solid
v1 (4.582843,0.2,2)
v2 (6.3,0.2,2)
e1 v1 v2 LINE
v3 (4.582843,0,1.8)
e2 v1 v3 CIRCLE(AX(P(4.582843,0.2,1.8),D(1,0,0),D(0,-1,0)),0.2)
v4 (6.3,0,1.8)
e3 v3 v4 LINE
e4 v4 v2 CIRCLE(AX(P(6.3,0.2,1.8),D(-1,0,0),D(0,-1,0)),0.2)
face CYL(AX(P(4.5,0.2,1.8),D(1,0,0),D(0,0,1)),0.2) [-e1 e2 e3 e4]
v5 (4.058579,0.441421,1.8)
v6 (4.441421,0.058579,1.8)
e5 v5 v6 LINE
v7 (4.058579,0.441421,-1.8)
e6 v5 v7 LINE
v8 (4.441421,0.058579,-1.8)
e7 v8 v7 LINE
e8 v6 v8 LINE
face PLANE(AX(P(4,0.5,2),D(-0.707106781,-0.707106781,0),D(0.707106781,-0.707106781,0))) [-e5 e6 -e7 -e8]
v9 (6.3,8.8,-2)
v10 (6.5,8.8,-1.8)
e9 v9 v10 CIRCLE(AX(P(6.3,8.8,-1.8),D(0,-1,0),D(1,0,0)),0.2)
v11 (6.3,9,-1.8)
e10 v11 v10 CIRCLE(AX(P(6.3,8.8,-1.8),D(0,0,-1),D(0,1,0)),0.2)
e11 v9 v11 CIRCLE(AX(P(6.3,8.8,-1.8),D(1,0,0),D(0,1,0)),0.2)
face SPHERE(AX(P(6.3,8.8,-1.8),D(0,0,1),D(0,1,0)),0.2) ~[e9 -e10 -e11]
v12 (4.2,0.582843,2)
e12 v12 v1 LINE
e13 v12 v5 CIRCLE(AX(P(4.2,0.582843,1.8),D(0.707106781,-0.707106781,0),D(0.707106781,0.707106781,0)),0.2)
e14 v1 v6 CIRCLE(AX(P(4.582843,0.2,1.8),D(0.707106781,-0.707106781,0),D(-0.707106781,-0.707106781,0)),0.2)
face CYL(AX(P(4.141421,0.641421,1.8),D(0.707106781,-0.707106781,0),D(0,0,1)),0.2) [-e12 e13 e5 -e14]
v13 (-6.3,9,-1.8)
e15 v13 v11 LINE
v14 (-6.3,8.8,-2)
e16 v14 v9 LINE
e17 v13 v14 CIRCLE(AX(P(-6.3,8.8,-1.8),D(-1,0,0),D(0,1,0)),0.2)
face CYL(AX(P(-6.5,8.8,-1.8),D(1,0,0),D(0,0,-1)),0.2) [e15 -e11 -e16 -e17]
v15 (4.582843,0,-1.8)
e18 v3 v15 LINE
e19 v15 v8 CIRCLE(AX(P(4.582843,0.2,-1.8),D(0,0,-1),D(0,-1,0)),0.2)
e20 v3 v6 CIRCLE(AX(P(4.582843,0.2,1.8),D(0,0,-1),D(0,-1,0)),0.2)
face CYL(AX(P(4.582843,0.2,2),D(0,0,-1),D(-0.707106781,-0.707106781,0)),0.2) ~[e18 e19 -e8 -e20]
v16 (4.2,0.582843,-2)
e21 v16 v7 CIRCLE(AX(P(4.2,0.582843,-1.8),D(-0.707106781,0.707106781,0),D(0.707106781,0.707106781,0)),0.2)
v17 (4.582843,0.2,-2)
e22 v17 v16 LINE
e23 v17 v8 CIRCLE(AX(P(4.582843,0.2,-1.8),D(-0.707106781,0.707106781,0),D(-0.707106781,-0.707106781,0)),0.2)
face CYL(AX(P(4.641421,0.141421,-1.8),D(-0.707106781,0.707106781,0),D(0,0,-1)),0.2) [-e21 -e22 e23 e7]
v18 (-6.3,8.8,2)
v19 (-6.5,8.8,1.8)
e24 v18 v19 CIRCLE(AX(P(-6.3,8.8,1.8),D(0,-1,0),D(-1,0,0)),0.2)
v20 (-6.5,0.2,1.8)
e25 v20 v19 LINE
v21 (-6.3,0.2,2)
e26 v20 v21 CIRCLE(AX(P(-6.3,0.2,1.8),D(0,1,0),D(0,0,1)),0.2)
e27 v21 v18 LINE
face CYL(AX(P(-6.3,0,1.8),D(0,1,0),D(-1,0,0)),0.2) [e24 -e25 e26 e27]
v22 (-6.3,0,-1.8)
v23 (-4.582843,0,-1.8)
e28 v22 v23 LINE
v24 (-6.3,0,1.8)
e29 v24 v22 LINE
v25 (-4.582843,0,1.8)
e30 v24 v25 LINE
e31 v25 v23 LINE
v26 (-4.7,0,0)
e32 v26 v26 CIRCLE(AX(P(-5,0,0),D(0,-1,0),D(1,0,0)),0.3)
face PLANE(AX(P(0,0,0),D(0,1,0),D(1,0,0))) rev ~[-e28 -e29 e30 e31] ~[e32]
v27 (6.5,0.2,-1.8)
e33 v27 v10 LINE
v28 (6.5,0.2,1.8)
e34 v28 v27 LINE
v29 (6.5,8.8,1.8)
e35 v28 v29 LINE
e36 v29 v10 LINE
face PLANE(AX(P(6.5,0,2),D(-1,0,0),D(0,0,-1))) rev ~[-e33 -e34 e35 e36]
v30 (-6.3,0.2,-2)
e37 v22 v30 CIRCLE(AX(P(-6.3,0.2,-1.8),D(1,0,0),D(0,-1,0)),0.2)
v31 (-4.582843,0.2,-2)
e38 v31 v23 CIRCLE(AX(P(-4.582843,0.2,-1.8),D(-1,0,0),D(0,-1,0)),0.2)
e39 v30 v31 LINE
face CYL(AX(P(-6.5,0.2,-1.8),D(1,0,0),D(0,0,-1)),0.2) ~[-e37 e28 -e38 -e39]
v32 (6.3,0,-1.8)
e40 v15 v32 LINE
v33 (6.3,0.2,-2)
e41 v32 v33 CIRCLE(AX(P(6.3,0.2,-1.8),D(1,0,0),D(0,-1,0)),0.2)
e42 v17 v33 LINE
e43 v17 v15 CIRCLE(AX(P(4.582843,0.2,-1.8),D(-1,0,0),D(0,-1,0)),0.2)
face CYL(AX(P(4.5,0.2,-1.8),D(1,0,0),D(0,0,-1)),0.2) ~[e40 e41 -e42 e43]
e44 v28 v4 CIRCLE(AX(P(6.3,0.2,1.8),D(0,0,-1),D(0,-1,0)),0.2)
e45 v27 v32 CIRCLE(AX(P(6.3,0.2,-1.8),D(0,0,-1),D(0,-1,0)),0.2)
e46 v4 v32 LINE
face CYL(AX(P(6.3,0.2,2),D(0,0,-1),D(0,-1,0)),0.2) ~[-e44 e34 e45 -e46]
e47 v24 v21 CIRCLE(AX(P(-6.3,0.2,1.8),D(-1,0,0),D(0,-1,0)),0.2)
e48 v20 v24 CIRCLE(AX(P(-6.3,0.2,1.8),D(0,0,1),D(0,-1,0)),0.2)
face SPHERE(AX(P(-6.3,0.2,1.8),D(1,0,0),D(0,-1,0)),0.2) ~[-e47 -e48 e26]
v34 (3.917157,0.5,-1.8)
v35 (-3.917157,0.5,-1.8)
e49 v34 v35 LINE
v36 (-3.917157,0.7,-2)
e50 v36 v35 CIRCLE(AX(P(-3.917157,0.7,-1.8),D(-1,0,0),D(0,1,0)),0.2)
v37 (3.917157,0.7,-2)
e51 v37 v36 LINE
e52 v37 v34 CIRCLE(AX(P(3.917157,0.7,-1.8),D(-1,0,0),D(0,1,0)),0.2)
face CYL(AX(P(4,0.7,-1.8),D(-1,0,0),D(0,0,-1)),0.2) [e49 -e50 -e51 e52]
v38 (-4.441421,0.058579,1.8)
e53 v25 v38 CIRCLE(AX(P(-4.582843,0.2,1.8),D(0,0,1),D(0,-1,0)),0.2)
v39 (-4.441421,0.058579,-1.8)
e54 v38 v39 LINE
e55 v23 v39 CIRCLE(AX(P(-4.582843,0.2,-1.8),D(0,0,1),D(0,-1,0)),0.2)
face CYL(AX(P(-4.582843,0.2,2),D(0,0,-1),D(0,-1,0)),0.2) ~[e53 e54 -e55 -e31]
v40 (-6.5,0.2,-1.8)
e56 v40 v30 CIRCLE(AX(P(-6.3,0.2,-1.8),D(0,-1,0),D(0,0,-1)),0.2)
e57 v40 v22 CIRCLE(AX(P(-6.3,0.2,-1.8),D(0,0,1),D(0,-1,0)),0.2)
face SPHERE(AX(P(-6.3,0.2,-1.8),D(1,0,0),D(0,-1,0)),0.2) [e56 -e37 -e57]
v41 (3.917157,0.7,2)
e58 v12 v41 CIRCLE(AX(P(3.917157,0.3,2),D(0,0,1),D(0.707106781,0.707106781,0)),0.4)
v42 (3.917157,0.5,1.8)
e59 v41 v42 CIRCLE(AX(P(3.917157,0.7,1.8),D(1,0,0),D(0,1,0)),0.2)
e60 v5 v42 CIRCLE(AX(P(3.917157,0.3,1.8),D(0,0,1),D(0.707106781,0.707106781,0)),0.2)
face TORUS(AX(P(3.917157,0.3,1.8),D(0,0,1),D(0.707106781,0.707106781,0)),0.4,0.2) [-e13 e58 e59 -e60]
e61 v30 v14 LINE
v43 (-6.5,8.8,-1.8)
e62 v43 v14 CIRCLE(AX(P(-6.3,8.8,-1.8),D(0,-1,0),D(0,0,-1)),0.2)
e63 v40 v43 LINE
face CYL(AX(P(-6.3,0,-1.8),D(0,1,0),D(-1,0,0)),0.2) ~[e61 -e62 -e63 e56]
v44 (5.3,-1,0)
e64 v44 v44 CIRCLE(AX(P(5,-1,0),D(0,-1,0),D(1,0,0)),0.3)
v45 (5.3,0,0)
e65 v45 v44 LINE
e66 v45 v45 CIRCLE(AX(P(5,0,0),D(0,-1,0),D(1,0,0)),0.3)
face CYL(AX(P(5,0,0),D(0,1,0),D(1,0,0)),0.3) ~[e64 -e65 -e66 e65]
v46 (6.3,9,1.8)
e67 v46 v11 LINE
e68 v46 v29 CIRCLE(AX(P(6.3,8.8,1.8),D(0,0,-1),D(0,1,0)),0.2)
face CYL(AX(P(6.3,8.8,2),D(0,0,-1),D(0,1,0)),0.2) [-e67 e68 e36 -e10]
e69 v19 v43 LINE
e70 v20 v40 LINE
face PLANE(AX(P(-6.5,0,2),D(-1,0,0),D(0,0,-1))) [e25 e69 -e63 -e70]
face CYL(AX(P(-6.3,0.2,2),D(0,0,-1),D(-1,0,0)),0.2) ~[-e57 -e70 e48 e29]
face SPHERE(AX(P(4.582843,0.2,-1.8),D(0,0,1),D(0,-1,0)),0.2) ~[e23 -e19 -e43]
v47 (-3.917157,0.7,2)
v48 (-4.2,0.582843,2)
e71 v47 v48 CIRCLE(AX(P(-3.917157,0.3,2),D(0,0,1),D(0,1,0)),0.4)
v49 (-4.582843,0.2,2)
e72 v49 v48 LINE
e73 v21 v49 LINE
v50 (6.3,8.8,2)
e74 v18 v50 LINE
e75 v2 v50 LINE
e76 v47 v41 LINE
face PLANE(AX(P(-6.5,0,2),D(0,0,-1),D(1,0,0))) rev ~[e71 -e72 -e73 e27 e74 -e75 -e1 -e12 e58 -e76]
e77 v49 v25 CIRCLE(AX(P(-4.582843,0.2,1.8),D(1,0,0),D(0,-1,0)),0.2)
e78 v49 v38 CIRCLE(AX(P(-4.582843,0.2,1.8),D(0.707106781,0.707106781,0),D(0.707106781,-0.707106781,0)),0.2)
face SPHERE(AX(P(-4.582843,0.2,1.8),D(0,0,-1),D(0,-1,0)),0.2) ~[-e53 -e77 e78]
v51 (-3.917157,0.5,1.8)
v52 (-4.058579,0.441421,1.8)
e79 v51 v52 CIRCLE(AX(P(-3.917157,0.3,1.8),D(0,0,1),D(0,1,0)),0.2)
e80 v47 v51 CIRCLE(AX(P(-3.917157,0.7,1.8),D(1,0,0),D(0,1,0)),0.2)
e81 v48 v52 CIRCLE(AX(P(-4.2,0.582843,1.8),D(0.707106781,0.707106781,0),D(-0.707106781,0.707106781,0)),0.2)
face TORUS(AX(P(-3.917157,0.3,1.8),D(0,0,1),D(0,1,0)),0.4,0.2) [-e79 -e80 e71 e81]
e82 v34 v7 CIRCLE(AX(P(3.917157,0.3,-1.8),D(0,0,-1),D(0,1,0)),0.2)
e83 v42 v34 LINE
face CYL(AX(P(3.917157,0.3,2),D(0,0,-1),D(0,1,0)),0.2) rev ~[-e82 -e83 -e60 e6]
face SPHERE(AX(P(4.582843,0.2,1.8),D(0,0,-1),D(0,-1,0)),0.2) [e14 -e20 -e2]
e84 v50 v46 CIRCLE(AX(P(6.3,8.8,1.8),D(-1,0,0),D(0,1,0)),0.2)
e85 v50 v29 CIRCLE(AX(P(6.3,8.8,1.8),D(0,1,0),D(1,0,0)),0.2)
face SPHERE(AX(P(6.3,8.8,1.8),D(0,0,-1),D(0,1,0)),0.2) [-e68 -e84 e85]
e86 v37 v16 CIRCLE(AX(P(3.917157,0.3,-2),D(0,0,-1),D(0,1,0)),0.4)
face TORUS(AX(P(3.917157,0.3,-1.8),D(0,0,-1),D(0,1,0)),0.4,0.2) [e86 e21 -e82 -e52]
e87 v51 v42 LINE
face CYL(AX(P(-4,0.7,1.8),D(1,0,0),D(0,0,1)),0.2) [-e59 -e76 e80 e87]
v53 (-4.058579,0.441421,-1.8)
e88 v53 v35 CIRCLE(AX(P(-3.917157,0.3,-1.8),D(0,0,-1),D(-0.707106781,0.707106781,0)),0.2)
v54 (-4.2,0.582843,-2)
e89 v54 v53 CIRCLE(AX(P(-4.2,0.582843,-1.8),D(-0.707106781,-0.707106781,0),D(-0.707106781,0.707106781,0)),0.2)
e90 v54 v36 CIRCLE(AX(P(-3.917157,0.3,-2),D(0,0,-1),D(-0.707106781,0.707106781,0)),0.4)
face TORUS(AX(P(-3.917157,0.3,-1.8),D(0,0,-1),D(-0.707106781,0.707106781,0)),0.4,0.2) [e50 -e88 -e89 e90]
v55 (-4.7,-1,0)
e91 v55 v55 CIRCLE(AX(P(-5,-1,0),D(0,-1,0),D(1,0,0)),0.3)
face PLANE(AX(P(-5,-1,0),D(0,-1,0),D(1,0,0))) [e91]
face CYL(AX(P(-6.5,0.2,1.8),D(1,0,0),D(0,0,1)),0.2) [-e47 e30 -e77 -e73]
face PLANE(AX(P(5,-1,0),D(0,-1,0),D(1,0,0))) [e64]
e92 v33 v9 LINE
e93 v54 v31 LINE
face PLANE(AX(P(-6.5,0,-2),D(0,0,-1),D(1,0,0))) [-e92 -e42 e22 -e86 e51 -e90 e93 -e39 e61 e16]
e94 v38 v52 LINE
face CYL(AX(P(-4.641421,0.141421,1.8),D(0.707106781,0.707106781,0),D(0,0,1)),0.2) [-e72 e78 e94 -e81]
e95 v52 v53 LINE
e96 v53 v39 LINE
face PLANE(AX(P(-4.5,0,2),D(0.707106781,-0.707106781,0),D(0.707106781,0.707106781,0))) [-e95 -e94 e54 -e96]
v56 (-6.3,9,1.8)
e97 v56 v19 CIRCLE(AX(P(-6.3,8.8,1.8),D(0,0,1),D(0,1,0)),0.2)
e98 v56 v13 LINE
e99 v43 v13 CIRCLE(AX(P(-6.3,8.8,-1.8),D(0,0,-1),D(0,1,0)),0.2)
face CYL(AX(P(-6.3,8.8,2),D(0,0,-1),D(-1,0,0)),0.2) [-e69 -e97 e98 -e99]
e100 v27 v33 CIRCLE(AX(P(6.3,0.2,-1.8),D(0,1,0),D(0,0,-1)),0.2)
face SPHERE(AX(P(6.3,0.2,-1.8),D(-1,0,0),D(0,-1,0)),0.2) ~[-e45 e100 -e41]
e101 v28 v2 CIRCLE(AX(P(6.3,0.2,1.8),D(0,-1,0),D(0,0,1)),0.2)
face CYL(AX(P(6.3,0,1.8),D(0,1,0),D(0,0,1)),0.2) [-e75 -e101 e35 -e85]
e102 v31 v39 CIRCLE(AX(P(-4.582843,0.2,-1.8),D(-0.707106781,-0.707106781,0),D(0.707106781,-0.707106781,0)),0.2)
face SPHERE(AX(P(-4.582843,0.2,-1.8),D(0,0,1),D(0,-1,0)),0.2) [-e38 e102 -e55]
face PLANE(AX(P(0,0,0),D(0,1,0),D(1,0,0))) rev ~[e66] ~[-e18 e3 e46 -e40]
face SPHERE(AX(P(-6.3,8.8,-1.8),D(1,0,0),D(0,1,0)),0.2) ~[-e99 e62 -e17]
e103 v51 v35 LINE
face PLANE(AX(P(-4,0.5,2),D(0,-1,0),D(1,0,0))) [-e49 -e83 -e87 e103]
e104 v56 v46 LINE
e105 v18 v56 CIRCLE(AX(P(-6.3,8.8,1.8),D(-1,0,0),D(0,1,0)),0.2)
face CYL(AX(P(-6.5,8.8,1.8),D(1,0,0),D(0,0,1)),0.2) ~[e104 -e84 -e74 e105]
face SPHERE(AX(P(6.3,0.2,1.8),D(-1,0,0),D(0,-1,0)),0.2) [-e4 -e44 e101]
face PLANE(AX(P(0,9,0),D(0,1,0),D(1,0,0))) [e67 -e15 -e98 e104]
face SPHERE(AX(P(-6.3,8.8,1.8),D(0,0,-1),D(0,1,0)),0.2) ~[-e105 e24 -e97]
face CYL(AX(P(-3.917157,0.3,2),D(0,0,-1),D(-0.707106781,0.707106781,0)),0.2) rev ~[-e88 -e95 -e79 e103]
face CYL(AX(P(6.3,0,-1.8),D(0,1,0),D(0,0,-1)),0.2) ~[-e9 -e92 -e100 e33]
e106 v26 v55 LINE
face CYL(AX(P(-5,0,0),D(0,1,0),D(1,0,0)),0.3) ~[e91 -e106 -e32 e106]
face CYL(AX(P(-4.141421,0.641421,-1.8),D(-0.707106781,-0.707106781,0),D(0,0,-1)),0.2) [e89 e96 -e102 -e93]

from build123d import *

# Parameters (mm, degrees)
SKETCH1_W           = 13
SKETCH1_H           = 4
BOSS_EXTRUDE1_DEPTH = 9
CUT_EXTRUDE1_DEPTH  = 5
SKETCH3_R           = 0.3
BOSS_EXTRUDE2_DEPTH = 1
FILLET1_R           = 0.2


with BuildPart() as part:
    # Sketch1 → Boss-Extrude1 (new body)
    with BuildSketch(Plane(origin=(0, 0, 0), x_dir=(1, 0, 0), z_dir=(0, 1, 0))):
        Rectangle(SKETCH1_W, SKETCH1_H)
    extrude(amount=BOSS_EXTRUDE1_DEPTH)

    # Sketch2 → Cut-Extrude1 (cut, through all)
    with BuildSketch(Plane.XY.offset(2)):
        Polygon((-4.5, 0), (-4, 0.5), (4, 0.5), (4.5, 0), (4.5, -1.5), (-4.5, -1.5), align=None)
    extrude(amount=-CUT_EXTRUDE1_DEPTH, mode=Mode.SUBTRACT)

    # Sketch3 → Boss-Extrude2 (add)
    with BuildSketch(Plane.XZ):
        with Locations((5, 0)):
            Circle(SKETCH3_R)
        with Locations((-5, 0)):
            Circle(SKETCH3_R)
    extrude(amount=BOSS_EXTRUDE2_DEPTH)

    # Fillet1
    fillet1_edges = [part.edges().sort_by_distance(p)[0] for p in [
        (6.5, 9, 0),
        (0, 9, -2),
        (-5.5, 0, -2),
        (5.5, 0, 2),
        (4.25, 0.25, 2),
        (0, 0.5, 2),
        (-4.25, 0.25, 2),
        (-4.25, 0.25, -2),
        (-4.5, 0, 0),
        (0, 0.5, -2),
        (-4, 0.5, 0),
        (4.25, 0.25, -2),
        (4, 0.5, 0),
        (4.5, 0, 0),
        (-6.5, 9, 0),
        (5.5, 0, -2),
        (6.5, 0, 0),
        (-5.5, 0, 2),
        (-6.5, 0, 0),
        (0, 9, 2),
        (-6.5, 4.5, -2),
        (6.5, 4.5, -2),
        (6.5, 4.5, 2),
        (-6.5, 4.5, 2),
    ]]
    fillet(fillet1_edges, radius=FILLET1_R)


solid = part.part
